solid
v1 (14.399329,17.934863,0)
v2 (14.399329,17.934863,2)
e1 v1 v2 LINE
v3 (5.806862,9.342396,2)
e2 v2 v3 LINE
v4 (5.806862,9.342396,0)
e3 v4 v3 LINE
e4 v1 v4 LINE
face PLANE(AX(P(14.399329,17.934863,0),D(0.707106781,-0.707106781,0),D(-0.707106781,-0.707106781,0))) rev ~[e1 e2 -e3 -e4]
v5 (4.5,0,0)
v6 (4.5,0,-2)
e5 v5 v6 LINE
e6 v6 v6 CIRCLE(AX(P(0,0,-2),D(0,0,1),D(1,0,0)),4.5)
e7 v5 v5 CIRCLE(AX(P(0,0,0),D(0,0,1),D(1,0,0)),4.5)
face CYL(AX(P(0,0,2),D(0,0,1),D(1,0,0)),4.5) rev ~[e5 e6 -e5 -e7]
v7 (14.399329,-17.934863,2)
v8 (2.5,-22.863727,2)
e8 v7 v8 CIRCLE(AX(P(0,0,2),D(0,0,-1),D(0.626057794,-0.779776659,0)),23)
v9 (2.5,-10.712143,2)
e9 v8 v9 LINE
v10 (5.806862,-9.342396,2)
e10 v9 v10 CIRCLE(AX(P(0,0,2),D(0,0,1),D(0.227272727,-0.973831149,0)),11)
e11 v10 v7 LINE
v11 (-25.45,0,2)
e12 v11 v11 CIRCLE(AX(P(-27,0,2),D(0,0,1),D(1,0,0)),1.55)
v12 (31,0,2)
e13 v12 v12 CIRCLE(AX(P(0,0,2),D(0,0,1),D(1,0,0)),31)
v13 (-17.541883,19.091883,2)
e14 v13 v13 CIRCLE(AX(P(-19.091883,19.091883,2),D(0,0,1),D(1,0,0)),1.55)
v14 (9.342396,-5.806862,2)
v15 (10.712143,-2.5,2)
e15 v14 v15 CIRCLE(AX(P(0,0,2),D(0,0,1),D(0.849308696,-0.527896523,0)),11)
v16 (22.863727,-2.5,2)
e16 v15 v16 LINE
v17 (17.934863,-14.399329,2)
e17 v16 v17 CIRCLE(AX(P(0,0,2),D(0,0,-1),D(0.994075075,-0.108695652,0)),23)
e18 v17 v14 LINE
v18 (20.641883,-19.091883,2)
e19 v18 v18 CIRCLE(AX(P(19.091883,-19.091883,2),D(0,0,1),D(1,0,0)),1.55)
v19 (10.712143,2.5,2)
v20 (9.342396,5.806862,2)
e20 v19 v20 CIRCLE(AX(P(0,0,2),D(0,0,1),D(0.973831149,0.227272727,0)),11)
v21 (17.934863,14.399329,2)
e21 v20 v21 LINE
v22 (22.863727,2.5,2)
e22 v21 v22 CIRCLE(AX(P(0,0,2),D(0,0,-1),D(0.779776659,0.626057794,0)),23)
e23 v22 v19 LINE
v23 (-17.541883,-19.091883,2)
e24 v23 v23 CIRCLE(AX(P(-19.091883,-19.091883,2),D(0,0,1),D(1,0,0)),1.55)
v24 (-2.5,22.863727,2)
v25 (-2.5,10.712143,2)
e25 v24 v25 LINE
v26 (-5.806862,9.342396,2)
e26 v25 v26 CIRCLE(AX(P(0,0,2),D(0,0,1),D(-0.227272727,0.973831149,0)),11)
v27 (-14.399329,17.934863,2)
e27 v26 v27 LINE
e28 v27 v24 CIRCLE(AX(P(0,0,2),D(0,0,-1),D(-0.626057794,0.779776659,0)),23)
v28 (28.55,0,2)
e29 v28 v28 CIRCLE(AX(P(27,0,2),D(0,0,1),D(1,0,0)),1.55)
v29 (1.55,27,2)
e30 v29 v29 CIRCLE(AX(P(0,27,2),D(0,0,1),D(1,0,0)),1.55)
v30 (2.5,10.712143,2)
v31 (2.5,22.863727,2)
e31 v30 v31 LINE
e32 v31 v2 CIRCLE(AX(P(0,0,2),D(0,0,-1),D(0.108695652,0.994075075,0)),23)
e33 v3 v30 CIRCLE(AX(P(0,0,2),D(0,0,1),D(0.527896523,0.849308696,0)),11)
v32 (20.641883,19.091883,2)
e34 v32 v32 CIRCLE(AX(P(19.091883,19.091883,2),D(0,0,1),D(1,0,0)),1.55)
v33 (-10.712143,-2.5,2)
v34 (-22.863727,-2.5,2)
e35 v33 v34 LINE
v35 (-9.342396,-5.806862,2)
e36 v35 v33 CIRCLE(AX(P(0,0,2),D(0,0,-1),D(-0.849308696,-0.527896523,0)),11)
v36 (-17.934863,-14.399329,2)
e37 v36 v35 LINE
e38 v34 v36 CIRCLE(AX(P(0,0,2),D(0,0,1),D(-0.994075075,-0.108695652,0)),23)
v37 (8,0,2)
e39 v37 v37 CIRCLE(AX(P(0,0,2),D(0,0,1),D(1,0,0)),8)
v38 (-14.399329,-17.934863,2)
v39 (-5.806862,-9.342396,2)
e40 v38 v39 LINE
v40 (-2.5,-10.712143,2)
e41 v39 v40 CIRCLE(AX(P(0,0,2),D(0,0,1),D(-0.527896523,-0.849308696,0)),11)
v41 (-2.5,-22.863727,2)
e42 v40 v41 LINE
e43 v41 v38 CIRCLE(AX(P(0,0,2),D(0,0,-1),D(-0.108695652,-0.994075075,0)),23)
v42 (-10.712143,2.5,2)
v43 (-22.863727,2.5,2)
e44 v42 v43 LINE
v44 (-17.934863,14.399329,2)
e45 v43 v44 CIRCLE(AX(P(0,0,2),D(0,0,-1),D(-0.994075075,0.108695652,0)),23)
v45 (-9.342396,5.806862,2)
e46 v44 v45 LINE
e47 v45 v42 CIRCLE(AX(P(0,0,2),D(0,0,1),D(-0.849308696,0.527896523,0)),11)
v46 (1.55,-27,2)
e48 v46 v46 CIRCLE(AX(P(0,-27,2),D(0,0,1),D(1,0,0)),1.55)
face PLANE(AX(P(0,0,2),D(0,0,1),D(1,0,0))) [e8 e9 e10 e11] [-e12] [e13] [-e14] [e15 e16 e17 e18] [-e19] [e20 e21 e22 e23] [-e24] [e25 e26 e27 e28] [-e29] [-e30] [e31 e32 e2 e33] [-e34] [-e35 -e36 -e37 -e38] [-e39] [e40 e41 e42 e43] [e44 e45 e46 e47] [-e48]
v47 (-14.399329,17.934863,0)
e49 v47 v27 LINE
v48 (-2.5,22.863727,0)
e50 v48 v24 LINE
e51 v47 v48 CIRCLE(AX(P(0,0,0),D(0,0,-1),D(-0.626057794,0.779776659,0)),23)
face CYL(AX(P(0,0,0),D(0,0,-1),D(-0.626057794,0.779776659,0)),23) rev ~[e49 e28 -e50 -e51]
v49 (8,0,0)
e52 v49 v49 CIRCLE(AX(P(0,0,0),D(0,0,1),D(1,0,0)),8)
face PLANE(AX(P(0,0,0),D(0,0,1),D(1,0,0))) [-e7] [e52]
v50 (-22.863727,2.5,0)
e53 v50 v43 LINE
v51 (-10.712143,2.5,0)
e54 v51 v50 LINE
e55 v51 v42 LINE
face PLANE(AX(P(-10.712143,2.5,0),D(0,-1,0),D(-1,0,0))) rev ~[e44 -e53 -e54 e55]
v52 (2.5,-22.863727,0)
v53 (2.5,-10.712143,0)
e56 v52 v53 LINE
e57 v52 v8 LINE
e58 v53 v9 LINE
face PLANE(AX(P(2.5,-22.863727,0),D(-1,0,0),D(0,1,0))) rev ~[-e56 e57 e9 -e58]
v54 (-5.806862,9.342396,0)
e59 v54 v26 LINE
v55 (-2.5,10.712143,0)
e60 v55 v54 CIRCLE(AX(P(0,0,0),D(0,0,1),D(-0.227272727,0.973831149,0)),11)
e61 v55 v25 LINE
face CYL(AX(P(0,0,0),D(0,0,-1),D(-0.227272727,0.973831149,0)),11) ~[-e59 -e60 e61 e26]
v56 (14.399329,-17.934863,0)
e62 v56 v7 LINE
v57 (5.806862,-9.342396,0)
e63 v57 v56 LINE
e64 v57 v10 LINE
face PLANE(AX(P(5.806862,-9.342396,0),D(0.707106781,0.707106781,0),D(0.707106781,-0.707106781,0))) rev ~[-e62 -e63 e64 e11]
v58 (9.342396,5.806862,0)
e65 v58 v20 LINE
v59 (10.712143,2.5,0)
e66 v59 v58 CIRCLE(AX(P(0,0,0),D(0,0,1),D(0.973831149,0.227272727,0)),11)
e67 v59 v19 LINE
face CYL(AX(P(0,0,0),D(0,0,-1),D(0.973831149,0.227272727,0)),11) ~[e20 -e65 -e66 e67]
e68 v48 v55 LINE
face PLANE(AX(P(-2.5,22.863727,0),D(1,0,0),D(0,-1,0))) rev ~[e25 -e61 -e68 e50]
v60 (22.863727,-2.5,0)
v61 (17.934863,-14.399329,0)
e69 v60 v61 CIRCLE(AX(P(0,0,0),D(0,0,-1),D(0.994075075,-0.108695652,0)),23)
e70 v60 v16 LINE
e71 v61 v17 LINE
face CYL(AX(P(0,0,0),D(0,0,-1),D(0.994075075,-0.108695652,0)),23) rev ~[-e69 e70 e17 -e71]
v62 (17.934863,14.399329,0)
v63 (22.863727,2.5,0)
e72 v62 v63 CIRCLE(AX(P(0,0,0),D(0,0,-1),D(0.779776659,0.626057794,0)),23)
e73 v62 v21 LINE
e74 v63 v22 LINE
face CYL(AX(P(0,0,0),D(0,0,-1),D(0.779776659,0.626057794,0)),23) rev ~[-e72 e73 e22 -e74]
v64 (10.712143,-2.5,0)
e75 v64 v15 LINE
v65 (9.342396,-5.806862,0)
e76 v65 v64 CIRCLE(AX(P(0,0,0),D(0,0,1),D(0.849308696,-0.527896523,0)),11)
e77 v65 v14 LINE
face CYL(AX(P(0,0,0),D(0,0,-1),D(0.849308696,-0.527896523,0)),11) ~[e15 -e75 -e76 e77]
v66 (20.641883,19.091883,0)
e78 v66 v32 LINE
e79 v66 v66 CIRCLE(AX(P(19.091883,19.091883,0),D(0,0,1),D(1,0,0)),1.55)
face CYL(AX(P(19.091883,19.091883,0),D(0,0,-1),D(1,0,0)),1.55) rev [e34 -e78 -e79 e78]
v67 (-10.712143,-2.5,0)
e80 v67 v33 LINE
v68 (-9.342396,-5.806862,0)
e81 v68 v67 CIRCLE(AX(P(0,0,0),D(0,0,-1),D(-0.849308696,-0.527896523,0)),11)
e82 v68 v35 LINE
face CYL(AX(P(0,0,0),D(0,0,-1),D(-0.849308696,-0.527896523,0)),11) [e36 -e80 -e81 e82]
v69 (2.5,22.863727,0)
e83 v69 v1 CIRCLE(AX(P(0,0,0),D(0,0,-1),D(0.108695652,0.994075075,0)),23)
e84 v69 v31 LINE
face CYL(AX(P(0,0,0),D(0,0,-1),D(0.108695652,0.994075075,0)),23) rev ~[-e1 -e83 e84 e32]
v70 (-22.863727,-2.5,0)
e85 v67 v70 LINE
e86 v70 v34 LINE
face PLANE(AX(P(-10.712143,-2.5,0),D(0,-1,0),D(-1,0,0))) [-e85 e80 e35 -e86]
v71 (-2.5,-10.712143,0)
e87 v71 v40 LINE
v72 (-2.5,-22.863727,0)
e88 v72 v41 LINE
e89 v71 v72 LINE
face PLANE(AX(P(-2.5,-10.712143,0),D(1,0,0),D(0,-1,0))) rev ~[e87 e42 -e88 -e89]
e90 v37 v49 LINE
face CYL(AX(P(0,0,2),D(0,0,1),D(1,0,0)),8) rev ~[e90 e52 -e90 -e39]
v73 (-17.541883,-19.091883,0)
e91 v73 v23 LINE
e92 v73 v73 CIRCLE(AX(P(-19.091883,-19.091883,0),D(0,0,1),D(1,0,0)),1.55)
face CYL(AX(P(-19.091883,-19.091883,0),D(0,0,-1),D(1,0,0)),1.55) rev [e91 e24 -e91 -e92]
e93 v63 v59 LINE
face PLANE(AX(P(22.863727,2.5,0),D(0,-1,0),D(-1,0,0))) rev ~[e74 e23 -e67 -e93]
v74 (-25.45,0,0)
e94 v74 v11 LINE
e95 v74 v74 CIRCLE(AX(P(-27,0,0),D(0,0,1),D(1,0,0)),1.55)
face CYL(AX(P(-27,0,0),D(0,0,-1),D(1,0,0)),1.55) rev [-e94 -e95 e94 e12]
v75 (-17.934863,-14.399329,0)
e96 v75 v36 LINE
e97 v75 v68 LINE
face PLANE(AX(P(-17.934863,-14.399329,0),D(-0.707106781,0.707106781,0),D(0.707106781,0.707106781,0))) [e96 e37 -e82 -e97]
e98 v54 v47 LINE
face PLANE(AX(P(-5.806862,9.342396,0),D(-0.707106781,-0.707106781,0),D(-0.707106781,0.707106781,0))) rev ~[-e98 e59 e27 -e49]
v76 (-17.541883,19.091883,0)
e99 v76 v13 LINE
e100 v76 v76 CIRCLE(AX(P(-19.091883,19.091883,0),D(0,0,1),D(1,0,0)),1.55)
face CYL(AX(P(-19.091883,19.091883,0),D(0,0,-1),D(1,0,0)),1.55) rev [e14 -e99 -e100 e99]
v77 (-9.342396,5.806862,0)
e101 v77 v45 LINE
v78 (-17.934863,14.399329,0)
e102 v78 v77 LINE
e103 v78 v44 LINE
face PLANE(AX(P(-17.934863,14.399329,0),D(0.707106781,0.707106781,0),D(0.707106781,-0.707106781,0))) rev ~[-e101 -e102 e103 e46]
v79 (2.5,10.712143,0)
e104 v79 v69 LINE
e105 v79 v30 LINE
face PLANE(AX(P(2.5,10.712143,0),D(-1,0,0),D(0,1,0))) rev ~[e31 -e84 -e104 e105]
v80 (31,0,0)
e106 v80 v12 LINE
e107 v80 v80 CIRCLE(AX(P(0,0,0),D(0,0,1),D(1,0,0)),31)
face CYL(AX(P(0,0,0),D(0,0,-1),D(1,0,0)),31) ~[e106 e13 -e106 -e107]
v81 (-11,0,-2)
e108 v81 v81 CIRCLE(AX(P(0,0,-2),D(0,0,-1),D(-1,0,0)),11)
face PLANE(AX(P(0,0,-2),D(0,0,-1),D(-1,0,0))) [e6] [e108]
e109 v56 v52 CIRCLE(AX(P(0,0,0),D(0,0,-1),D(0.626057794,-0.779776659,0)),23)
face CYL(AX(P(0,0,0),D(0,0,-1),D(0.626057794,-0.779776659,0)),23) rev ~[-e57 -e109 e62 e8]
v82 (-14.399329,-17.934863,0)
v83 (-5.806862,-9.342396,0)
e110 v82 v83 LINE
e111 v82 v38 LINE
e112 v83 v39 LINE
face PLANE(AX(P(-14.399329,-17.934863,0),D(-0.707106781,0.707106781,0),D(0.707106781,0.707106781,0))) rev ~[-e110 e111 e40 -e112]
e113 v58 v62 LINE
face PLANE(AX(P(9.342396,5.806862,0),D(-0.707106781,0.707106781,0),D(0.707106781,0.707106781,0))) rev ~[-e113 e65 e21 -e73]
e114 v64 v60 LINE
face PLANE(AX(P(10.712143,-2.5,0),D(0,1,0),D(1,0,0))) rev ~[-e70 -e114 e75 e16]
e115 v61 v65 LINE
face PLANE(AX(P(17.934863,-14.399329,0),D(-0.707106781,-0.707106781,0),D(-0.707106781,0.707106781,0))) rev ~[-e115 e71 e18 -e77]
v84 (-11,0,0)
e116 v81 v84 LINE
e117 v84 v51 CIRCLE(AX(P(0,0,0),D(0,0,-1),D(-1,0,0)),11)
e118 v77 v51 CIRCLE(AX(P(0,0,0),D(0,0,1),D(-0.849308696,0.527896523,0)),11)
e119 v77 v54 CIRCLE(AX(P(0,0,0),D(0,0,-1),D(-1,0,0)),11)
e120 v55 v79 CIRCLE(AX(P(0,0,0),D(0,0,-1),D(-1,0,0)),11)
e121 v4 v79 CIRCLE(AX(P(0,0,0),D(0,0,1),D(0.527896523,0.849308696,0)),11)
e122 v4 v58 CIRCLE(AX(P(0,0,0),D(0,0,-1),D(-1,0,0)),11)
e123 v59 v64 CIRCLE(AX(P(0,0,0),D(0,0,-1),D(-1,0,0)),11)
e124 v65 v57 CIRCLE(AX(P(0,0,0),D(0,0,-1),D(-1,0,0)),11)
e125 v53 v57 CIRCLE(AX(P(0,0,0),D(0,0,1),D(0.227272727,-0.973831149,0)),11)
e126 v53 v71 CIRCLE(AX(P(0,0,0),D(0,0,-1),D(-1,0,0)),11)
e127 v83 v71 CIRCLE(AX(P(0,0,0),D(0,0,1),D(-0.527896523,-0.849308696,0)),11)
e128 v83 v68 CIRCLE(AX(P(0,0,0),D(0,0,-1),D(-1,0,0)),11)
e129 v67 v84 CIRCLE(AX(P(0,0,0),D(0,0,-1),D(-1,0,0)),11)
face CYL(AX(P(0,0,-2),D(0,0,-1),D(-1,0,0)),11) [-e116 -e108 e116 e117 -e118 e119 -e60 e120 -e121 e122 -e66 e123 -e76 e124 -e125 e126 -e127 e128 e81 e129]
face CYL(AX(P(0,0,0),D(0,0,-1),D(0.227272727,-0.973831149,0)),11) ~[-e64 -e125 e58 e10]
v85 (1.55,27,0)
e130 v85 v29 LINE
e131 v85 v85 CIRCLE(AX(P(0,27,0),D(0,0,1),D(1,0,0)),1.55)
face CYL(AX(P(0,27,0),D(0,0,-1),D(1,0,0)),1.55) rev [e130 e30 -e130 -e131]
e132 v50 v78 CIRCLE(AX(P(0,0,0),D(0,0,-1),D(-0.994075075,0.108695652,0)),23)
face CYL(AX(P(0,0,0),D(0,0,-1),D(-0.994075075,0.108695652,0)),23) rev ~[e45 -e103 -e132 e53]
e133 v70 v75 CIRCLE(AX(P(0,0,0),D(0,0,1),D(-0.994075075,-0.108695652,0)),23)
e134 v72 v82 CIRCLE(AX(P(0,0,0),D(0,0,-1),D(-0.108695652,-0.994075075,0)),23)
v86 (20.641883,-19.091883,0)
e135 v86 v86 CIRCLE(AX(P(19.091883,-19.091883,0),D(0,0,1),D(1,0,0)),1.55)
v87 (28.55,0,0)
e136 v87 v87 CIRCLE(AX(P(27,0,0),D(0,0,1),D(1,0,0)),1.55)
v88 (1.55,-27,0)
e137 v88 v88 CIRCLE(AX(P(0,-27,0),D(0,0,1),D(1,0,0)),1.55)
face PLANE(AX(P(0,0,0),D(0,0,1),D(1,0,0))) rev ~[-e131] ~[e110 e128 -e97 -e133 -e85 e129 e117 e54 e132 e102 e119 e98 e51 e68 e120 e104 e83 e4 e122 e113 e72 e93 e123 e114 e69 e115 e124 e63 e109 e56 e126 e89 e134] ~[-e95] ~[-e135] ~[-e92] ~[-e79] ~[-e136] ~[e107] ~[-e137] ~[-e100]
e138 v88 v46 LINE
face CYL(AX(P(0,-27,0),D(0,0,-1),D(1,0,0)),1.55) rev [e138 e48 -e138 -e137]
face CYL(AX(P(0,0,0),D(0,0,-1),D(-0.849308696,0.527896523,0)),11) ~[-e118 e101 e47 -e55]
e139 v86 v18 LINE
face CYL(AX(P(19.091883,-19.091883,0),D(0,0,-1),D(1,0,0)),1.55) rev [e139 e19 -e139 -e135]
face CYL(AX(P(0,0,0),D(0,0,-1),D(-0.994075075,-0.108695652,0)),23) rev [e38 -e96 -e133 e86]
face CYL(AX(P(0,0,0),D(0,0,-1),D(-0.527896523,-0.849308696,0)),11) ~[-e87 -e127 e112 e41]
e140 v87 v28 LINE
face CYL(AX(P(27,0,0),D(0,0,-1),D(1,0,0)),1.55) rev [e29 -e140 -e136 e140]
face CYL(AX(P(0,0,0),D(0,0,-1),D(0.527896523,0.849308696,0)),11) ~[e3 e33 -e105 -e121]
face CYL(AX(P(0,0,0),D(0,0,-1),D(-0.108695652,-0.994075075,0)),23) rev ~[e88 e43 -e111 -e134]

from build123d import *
from build123d.topology import SkipClean

# Parameters (mm, degrees)
SKETCH1_R           = 31
SKETCH1_R_2         = 1.55
BOSS_EXTRUDE1_DEPTH = 2
BOSS_EXTRUDE2_START = 2
SKETCH3_R           = 11
BOSS_EXTRUDE2_DEPTH = 2
SKETCH4_R           = 4.5
CUT_EXTRUDE2_DEPTH  = 4
SKETCH2_R           = 8
CUT_EXTRUDE1_DEPTH  = 2


with BuildPart() as part:
    # Sketch1 → Boss-Extrude1 (new body)
    with BuildSketch(Plane.XY):
        Circle(SKETCH1_R)
        with Locations((-27, 0)):
            Circle(SKETCH1_R_2, mode=Mode.SUBTRACT)
        with Locations((-19.091883092, 19.091883092)):
            Circle(SKETCH1_R_2, mode=Mode.SUBTRACT)
        with Locations((0, 27)):
            Circle(SKETCH1_R_2, mode=Mode.SUBTRACT)
        with Locations((19.091883092, 19.091883092)):
            Circle(SKETCH1_R_2, mode=Mode.SUBTRACT)
        with Locations((27, 0)):
            Circle(SKETCH1_R_2, mode=Mode.SUBTRACT)
        with Locations((19.091883092, -19.091883092)):
            Circle(SKETCH1_R_2, mode=Mode.SUBTRACT)
        with Locations((0, -27)):
            Circle(SKETCH1_R_2, mode=Mode.SUBTRACT)
        with Locations((-19.091883092, -19.091883092)):
            Circle(SKETCH1_R_2, mode=Mode.SUBTRACT)
        with BuildLine():
            Line((-10.712142643, 2.5), (-22.86372673, 2.5))
            ThreePointArc((-22.86372673, 2.5), (-21.249229248, 8.801718944), (-17.934863167, 14.399329261))
            Line((-17.934863167, 14.399329261), (-9.342395657, 5.806861751))
            ThreePointArc((-9.342395657, 5.806861751), (-10.162674858, 4.209517756), (-10.712142643, 2.5))
        make_face(mode=Mode.SUBTRACT)
        with BuildLine():
            Line((-10.712142643, -2.5), (-22.86372673, -2.5))
            ThreePointArc((-22.86372673, -2.5), (-21.249229248, -8.801718944), (-17.934863167, -14.399329261))
            Line((-17.934863167, -14.399329261), (-9.342395657, -5.806861751))
            ThreePointArc((-9.342395657, -5.806861751), (-10.162674858, -4.209517756), (-10.712142643, -2.5))
        make_face(mode=Mode.SUBTRACT)
        with BuildLine():
            Line((-5.806861751, 9.342395657), (-14.399329261, 17.934863167))
            ThreePointArc((-14.399329261, 17.934863167), (-8.801718944, 21.249229248), (-2.5, 22.86372673))
            Line((-2.5, 22.86372673), (-2.5, 10.712142643))
            ThreePointArc((-2.5, 10.712142643), (-4.209517756, 10.162674858), (-5.806861751, 9.342395657))
        make_face(mode=Mode.SUBTRACT)
        with BuildLine():
            Line((2.5, 10.712142643), (2.5, 22.86372673))
            ThreePointArc((2.5, 22.86372673), (8.801718944, 21.249229248), (14.399329261, 17.934863167))
            Line((14.399329261, 17.934863167), (5.806861751, 9.342395657))
            ThreePointArc((5.806861751, 9.342395657), (4.209517756, 10.162674858), (2.5, 10.712142643))
        make_face(mode=Mode.SUBTRACT)
        with BuildLine():
            Line((9.342395657, 5.806861751), (17.934863167, 14.399329261))
            ThreePointArc((17.934863167, 14.399329261), (21.249229248, 8.801718944), (22.86372673, 2.5))
            Line((22.86372673, 2.5), (10.712142643, 2.5))
            ThreePointArc((10.712142643, 2.5), (10.162674858, 4.209517756), (9.342395657, 5.806861751))
        make_face(mode=Mode.SUBTRACT)
        with BuildLine():
            Line((10.712142643, -2.5), (22.86372673, -2.5))
            ThreePointArc((22.86372673, -2.5), (21.249229248, -8.801718944), (17.934863167, -14.399329261))
            Line((17.934863167, -14.399329261), (9.342395657, -5.806861751))
            ThreePointArc((9.342395657, -5.806861751), (10.162674858, -4.209517756), (10.712142643, -2.5))
        make_face(mode=Mode.SUBTRACT)
        with BuildLine():
            Line((5.806861751, -9.342395657), (14.399329261, -17.934863167))
            ThreePointArc((14.399329261, -17.934863167), (8.801718944, -21.249229248), (2.5, -22.86372673))
            Line((2.5, -22.86372673), (2.5, -10.712142643))
            ThreePointArc((2.5, -10.712142643), (4.209517756, -10.162674858), (5.806861751, -9.342395657))
        make_face(mode=Mode.SUBTRACT)
        with BuildLine():
            Line((-2.5, -10.712142643), (-2.5, -22.86372673))
            ThreePointArc((-2.5, -22.86372673), (-8.801718944, -21.249229248), (-14.399329261, -17.934863167))
            Line((-14.399329261, -17.934863167), (-5.806861751, -9.342395657))
            ThreePointArc((-5.806861751, -9.342395657), (-4.209517756, -10.162674858), (-2.5, -10.712142643))
        make_face(mode=Mode.SUBTRACT)
    extrude(amount=BOSS_EXTRUDE1_DEPTH)

    # Sketch3 → Boss-Extrude2 (add)
    with SkipClean():  # the faces are left unmerged after this step: merging them gives an invalid solid
        with BuildSketch(Plane(origin=(0, 0, 0), x_dir=(-1, 0, 0), z_dir=(0, 0, -1)).offset(BOSS_EXTRUDE2_START)):
            Circle(SKETCH3_R)
        extrude(amount=-BOSS_EXTRUDE2_DEPTH)

    # Sketch4 → Cut-Extrude2 (cut)
    with SkipClean():  # the faces are left unmerged after this step: merging them gives an invalid solid
        with BuildSketch(Plane.XY.offset(2)):
            Circle(SKETCH4_R)
        extrude(amount=-CUT_EXTRUDE2_DEPTH, mode=Mode.SUBTRACT)

    # Sketch2 → Cut-Extrude1 (cut)
    with SkipClean():  # the faces are left unmerged after this step: merging them gives an invalid solid
        with BuildSketch(Plane.XY.offset(2)):
            Circle(SKETCH2_R)
        extrude(amount=-CUT_EXTRUDE1_DEPTH, mode=Mode.SUBTRACT)


solid = part.part
